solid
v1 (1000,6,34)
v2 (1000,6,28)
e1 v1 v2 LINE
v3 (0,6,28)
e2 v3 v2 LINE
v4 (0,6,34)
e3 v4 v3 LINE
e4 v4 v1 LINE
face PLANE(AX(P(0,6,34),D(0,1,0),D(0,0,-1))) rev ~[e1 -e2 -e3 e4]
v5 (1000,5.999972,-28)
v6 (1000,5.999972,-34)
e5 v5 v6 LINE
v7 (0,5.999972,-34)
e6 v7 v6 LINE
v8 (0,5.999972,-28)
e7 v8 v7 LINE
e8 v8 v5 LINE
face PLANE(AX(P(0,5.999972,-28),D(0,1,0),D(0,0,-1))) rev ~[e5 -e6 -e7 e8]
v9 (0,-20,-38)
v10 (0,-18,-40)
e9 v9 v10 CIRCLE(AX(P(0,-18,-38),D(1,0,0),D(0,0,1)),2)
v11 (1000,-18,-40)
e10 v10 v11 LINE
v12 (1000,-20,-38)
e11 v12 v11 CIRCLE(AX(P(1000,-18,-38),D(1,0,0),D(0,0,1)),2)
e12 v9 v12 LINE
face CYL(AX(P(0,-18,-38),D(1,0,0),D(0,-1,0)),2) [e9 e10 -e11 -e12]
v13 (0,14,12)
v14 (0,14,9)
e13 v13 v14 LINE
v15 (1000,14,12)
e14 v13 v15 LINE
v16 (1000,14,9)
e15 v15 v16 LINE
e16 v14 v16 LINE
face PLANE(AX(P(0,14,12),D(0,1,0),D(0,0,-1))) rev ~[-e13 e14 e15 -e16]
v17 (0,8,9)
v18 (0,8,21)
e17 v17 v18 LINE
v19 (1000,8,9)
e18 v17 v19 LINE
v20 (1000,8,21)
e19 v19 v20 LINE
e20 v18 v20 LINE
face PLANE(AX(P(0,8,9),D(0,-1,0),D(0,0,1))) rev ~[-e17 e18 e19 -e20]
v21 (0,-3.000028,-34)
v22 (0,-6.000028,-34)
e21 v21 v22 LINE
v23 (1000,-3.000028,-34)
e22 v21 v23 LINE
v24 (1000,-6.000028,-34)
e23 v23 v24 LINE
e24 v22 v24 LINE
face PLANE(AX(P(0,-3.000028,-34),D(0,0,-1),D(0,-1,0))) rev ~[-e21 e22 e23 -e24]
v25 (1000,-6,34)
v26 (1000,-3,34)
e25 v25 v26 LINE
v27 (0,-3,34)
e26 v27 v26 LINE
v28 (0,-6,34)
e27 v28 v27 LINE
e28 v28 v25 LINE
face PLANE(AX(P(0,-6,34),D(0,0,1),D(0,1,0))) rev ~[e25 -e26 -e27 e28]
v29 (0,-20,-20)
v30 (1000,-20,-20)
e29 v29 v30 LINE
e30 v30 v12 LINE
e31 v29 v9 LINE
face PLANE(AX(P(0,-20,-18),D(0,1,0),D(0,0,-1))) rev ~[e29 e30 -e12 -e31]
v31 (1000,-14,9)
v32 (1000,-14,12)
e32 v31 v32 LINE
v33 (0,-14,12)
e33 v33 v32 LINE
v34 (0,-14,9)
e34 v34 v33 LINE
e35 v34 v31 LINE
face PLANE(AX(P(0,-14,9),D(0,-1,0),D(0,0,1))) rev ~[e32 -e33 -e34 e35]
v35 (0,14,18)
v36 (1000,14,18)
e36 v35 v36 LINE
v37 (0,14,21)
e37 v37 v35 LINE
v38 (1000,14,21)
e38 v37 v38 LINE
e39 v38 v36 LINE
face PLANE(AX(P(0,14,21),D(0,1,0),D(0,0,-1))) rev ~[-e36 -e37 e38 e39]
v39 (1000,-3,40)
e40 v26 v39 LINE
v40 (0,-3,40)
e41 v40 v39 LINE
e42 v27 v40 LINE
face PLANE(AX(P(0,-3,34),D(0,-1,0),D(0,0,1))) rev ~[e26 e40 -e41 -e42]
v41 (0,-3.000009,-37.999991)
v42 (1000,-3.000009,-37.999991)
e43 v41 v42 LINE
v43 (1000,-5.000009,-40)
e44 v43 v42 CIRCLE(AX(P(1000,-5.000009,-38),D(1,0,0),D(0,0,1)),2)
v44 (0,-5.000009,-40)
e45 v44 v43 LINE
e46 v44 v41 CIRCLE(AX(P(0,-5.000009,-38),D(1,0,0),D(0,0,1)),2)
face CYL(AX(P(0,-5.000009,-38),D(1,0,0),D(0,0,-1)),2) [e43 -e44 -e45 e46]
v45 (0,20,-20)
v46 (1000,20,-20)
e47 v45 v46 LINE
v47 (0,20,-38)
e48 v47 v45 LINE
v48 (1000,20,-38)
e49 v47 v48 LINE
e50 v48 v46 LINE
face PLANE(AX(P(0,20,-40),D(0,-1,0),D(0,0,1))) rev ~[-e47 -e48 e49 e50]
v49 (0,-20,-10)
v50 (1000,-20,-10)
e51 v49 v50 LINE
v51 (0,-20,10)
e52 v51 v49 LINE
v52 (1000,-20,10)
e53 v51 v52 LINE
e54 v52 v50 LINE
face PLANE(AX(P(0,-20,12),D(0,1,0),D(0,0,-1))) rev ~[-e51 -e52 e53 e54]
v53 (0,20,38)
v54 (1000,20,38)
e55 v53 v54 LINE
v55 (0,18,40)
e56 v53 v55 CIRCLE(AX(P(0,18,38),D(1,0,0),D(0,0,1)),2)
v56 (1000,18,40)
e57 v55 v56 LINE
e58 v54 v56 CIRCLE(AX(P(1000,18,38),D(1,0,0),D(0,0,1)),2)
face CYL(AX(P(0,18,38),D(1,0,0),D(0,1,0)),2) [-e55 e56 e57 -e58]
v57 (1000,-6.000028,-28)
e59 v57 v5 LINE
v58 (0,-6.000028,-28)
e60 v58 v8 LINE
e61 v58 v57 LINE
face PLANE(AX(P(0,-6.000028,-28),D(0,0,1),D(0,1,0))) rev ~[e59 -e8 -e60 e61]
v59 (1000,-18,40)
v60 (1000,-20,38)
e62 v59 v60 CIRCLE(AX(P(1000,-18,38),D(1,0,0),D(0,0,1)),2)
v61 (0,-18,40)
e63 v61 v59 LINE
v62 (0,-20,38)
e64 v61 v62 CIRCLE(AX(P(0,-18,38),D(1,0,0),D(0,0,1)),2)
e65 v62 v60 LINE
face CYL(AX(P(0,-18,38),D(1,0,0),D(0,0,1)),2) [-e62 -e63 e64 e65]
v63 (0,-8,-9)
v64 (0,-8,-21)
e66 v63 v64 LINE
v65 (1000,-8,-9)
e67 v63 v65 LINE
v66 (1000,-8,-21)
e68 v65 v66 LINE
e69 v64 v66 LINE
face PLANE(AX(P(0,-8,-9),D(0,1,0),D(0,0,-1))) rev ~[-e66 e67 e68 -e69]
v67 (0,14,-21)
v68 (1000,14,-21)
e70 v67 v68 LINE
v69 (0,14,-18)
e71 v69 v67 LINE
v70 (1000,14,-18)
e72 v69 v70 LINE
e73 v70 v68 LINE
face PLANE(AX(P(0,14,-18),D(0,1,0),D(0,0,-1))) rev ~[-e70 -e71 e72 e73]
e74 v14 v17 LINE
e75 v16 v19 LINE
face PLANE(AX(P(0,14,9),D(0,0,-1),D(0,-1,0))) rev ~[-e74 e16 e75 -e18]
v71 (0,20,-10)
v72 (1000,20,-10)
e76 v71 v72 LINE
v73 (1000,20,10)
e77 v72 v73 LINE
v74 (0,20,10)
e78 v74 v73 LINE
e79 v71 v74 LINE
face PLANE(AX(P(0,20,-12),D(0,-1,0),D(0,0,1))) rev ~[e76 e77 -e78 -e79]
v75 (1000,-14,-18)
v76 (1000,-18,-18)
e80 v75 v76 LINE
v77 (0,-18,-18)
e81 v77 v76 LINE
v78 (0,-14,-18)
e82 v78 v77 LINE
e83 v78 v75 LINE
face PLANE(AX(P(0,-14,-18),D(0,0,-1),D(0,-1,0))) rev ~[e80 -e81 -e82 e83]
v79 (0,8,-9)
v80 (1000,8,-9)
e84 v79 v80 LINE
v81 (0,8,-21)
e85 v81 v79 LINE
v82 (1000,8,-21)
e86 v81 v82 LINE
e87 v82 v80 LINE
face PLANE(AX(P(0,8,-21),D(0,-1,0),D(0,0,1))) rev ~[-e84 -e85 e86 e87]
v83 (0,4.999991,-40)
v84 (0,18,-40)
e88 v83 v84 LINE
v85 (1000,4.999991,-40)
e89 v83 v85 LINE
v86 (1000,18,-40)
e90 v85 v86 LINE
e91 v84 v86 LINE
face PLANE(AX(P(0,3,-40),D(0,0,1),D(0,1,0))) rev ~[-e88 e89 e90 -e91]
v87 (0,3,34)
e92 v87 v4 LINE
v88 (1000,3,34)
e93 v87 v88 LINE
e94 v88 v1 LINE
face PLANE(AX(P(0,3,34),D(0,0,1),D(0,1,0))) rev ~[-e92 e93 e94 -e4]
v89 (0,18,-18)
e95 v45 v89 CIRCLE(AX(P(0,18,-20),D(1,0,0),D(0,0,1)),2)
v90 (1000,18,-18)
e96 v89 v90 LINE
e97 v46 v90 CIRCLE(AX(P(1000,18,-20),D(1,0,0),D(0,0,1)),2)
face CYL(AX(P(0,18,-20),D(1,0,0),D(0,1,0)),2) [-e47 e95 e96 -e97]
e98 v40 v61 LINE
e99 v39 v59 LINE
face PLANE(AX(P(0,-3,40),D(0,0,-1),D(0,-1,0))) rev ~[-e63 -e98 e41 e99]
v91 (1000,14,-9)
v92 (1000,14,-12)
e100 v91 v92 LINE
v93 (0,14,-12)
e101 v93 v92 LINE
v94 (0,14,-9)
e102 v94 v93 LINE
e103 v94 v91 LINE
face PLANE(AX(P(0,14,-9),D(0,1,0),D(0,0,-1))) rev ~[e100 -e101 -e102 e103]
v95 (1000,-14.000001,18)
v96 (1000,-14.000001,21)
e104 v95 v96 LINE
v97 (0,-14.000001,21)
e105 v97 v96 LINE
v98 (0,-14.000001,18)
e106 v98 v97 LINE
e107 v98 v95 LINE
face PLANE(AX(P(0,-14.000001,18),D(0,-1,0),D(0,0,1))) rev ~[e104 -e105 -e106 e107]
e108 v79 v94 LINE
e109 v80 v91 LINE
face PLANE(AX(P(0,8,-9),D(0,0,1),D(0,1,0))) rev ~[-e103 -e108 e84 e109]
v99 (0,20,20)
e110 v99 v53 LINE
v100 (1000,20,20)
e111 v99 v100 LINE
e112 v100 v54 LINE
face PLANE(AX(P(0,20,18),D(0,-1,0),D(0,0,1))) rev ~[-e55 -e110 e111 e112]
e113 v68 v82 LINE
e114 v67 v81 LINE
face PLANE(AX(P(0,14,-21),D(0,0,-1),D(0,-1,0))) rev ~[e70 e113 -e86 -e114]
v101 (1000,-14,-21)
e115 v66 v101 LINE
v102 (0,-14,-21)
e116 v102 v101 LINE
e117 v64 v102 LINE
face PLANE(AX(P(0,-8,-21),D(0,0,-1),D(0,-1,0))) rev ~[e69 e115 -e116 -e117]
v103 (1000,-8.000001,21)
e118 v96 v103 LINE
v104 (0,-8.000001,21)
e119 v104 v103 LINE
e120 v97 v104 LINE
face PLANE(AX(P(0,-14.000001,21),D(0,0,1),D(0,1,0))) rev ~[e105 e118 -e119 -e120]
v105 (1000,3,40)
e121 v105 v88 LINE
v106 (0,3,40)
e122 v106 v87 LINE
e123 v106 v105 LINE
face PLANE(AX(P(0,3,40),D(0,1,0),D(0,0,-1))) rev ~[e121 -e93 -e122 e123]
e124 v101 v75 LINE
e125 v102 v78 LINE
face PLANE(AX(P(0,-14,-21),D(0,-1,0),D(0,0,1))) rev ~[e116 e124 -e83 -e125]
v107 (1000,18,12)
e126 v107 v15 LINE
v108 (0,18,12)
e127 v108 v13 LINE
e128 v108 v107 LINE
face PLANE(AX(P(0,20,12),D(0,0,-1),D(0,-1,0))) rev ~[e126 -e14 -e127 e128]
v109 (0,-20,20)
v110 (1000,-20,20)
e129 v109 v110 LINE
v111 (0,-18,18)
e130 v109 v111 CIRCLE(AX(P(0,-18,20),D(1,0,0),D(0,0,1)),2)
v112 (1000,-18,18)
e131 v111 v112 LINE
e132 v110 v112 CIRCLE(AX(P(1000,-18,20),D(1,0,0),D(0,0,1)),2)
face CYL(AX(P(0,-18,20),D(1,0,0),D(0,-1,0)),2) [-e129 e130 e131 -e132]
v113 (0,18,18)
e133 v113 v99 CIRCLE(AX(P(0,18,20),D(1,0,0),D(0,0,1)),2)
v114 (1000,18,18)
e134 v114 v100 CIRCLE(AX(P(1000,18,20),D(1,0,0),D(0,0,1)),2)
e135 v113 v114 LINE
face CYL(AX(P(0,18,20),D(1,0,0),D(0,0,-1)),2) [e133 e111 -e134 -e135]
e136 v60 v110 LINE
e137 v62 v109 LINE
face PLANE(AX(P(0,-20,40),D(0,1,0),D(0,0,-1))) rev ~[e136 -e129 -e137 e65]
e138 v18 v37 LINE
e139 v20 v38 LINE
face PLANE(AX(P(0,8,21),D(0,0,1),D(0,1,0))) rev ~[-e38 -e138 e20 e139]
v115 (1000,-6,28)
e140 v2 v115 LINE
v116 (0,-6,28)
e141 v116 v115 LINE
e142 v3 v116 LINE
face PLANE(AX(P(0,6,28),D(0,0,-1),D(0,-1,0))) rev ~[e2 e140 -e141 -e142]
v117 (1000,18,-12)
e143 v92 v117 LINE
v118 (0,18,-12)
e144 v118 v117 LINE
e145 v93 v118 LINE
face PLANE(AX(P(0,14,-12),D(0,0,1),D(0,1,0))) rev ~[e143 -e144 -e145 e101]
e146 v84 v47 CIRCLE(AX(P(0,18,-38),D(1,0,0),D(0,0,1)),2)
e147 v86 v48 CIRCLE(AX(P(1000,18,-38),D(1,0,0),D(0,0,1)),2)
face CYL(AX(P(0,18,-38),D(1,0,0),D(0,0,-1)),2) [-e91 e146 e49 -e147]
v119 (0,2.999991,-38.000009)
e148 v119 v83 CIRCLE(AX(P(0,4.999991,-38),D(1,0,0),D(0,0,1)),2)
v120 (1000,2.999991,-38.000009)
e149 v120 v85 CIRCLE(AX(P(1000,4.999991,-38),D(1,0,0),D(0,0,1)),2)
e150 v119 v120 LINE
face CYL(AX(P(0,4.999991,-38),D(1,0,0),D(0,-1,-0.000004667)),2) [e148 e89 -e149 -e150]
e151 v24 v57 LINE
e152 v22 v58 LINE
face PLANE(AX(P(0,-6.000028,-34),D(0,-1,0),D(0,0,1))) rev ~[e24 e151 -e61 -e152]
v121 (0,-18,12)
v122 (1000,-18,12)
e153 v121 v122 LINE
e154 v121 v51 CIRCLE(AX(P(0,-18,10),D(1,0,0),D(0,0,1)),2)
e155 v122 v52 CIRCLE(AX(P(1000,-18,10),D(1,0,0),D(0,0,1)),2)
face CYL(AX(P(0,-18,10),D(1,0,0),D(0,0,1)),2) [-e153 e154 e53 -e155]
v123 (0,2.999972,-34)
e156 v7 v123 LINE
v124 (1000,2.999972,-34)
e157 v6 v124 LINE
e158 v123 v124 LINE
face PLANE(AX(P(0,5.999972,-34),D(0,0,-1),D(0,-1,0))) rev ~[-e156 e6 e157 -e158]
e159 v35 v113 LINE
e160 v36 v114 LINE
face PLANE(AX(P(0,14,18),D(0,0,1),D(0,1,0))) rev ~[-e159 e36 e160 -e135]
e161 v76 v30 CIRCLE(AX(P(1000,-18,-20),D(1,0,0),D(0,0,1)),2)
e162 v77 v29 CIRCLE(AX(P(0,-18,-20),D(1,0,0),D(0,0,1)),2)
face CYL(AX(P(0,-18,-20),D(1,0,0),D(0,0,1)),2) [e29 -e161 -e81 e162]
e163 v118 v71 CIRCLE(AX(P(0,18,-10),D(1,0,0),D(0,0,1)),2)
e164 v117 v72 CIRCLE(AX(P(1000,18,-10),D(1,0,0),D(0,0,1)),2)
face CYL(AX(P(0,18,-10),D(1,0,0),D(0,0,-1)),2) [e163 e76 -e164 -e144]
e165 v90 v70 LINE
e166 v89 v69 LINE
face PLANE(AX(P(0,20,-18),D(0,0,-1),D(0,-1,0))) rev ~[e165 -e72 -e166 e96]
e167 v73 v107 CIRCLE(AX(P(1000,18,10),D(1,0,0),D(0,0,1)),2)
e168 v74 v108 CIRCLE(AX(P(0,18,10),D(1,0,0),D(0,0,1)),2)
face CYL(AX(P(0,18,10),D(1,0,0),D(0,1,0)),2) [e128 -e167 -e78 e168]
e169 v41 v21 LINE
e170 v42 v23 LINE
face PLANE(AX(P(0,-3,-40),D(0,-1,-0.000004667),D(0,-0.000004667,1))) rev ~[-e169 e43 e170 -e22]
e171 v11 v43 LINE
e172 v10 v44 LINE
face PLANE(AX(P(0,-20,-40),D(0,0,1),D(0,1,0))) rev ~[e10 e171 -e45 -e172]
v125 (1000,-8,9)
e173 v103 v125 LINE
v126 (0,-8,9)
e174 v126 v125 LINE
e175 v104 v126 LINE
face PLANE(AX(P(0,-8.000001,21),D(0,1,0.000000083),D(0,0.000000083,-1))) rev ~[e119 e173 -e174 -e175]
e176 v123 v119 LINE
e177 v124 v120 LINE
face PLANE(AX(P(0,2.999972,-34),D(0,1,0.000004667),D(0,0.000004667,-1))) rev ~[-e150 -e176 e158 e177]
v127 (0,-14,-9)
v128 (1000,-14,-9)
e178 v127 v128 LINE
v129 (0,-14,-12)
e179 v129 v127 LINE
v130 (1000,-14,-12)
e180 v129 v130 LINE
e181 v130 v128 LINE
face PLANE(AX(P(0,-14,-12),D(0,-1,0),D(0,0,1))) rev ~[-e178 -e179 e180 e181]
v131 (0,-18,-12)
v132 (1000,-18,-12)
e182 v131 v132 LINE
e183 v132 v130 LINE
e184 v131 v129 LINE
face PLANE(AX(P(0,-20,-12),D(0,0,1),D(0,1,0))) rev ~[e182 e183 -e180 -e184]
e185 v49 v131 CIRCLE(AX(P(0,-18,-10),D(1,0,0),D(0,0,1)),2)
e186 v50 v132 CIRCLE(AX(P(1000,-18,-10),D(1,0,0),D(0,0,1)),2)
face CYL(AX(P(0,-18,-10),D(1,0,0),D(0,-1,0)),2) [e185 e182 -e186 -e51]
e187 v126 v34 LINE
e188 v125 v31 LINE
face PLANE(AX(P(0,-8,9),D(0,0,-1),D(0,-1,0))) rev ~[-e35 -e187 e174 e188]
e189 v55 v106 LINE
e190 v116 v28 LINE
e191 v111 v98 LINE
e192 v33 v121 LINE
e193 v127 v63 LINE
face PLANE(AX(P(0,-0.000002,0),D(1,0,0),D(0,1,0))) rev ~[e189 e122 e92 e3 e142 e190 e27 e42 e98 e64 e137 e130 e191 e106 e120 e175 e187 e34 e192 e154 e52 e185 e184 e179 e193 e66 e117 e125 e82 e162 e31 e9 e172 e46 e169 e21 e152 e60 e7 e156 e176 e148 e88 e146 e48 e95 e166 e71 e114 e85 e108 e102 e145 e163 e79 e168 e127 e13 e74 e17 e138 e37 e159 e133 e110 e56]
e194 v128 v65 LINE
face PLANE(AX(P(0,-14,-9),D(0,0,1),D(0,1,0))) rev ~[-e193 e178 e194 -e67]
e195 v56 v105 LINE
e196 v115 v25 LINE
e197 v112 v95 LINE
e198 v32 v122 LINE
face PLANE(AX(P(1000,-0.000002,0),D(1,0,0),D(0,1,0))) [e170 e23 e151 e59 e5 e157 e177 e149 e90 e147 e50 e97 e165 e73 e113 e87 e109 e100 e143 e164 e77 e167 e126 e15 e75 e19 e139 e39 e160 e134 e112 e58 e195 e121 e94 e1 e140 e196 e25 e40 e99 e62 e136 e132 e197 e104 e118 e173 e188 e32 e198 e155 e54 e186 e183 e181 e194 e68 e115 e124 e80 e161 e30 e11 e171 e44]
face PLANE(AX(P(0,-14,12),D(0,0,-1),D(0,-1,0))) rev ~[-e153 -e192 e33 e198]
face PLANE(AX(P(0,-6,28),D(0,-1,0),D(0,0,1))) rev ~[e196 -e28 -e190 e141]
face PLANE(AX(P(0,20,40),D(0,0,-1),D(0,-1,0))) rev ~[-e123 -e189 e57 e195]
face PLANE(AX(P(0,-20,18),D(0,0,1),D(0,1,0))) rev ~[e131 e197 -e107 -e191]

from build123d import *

# Parameters (mm, degrees)
F1_DEPTH = 1000
F2_R     = 2


with BuildPart() as f1:
    # F0 (on Right) → F1 (new body)
    with BuildSketch(Plane.YZ):
        Polygon((-3, 40), (-20, 40), (-20, 18), (-14.000001, 18), (-14.000001, 21), (-8.000001, 21), (-8, 9), (-14, 9), (-14, 12), (-20, 12), (-20, -12), (-14, -12), (-14, -9), (-8, -9), (-8, -21), (-14, -21), (-14, -18), (-20, -18), (-20, -40), (-3, -40), (-3.000028, -34), (-6.000028, -34), (-6.000028, -28), (5.999972, -28), (5.999972, -34), (2.999972, -34), (3, -40), (20, -40), (20, -18), (14, -18), (14, -21), (8, -21), (8, -9), (14, -9), (14, -12), (20, -12), (20, 12), (14, 12), (14, 9), (8, 9), (8, 21), (14, 21), (14, 18), (20, 18), (20, 40), (3, 40), (3, 34), (6, 34), (6, 28), (-6, 28), (-6, 34), (-3, 34), align=None)
    extrude(amount=F1_DEPTH)

    # F2
    f2_edges = [f1.edges().sort_by_distance(p)[0] for p in [
        (500, -20, 40),
        (500, -20, 18),
        (500, -20, 12),
        (500, -20, -12),
        (500, -20, -18),
        (500, -20, -40),
        (500, -3, -40),
        (500, 3, -40),
        (500, 20, -40),
        (500, 20, -18),
        (500, 20, 12),
        (500, 20, -12),
        (500, 20, 40),
        (500, 20, 18),
    ]]
    fillet(f2_edges, radius=F2_R)


solid = f1.part
